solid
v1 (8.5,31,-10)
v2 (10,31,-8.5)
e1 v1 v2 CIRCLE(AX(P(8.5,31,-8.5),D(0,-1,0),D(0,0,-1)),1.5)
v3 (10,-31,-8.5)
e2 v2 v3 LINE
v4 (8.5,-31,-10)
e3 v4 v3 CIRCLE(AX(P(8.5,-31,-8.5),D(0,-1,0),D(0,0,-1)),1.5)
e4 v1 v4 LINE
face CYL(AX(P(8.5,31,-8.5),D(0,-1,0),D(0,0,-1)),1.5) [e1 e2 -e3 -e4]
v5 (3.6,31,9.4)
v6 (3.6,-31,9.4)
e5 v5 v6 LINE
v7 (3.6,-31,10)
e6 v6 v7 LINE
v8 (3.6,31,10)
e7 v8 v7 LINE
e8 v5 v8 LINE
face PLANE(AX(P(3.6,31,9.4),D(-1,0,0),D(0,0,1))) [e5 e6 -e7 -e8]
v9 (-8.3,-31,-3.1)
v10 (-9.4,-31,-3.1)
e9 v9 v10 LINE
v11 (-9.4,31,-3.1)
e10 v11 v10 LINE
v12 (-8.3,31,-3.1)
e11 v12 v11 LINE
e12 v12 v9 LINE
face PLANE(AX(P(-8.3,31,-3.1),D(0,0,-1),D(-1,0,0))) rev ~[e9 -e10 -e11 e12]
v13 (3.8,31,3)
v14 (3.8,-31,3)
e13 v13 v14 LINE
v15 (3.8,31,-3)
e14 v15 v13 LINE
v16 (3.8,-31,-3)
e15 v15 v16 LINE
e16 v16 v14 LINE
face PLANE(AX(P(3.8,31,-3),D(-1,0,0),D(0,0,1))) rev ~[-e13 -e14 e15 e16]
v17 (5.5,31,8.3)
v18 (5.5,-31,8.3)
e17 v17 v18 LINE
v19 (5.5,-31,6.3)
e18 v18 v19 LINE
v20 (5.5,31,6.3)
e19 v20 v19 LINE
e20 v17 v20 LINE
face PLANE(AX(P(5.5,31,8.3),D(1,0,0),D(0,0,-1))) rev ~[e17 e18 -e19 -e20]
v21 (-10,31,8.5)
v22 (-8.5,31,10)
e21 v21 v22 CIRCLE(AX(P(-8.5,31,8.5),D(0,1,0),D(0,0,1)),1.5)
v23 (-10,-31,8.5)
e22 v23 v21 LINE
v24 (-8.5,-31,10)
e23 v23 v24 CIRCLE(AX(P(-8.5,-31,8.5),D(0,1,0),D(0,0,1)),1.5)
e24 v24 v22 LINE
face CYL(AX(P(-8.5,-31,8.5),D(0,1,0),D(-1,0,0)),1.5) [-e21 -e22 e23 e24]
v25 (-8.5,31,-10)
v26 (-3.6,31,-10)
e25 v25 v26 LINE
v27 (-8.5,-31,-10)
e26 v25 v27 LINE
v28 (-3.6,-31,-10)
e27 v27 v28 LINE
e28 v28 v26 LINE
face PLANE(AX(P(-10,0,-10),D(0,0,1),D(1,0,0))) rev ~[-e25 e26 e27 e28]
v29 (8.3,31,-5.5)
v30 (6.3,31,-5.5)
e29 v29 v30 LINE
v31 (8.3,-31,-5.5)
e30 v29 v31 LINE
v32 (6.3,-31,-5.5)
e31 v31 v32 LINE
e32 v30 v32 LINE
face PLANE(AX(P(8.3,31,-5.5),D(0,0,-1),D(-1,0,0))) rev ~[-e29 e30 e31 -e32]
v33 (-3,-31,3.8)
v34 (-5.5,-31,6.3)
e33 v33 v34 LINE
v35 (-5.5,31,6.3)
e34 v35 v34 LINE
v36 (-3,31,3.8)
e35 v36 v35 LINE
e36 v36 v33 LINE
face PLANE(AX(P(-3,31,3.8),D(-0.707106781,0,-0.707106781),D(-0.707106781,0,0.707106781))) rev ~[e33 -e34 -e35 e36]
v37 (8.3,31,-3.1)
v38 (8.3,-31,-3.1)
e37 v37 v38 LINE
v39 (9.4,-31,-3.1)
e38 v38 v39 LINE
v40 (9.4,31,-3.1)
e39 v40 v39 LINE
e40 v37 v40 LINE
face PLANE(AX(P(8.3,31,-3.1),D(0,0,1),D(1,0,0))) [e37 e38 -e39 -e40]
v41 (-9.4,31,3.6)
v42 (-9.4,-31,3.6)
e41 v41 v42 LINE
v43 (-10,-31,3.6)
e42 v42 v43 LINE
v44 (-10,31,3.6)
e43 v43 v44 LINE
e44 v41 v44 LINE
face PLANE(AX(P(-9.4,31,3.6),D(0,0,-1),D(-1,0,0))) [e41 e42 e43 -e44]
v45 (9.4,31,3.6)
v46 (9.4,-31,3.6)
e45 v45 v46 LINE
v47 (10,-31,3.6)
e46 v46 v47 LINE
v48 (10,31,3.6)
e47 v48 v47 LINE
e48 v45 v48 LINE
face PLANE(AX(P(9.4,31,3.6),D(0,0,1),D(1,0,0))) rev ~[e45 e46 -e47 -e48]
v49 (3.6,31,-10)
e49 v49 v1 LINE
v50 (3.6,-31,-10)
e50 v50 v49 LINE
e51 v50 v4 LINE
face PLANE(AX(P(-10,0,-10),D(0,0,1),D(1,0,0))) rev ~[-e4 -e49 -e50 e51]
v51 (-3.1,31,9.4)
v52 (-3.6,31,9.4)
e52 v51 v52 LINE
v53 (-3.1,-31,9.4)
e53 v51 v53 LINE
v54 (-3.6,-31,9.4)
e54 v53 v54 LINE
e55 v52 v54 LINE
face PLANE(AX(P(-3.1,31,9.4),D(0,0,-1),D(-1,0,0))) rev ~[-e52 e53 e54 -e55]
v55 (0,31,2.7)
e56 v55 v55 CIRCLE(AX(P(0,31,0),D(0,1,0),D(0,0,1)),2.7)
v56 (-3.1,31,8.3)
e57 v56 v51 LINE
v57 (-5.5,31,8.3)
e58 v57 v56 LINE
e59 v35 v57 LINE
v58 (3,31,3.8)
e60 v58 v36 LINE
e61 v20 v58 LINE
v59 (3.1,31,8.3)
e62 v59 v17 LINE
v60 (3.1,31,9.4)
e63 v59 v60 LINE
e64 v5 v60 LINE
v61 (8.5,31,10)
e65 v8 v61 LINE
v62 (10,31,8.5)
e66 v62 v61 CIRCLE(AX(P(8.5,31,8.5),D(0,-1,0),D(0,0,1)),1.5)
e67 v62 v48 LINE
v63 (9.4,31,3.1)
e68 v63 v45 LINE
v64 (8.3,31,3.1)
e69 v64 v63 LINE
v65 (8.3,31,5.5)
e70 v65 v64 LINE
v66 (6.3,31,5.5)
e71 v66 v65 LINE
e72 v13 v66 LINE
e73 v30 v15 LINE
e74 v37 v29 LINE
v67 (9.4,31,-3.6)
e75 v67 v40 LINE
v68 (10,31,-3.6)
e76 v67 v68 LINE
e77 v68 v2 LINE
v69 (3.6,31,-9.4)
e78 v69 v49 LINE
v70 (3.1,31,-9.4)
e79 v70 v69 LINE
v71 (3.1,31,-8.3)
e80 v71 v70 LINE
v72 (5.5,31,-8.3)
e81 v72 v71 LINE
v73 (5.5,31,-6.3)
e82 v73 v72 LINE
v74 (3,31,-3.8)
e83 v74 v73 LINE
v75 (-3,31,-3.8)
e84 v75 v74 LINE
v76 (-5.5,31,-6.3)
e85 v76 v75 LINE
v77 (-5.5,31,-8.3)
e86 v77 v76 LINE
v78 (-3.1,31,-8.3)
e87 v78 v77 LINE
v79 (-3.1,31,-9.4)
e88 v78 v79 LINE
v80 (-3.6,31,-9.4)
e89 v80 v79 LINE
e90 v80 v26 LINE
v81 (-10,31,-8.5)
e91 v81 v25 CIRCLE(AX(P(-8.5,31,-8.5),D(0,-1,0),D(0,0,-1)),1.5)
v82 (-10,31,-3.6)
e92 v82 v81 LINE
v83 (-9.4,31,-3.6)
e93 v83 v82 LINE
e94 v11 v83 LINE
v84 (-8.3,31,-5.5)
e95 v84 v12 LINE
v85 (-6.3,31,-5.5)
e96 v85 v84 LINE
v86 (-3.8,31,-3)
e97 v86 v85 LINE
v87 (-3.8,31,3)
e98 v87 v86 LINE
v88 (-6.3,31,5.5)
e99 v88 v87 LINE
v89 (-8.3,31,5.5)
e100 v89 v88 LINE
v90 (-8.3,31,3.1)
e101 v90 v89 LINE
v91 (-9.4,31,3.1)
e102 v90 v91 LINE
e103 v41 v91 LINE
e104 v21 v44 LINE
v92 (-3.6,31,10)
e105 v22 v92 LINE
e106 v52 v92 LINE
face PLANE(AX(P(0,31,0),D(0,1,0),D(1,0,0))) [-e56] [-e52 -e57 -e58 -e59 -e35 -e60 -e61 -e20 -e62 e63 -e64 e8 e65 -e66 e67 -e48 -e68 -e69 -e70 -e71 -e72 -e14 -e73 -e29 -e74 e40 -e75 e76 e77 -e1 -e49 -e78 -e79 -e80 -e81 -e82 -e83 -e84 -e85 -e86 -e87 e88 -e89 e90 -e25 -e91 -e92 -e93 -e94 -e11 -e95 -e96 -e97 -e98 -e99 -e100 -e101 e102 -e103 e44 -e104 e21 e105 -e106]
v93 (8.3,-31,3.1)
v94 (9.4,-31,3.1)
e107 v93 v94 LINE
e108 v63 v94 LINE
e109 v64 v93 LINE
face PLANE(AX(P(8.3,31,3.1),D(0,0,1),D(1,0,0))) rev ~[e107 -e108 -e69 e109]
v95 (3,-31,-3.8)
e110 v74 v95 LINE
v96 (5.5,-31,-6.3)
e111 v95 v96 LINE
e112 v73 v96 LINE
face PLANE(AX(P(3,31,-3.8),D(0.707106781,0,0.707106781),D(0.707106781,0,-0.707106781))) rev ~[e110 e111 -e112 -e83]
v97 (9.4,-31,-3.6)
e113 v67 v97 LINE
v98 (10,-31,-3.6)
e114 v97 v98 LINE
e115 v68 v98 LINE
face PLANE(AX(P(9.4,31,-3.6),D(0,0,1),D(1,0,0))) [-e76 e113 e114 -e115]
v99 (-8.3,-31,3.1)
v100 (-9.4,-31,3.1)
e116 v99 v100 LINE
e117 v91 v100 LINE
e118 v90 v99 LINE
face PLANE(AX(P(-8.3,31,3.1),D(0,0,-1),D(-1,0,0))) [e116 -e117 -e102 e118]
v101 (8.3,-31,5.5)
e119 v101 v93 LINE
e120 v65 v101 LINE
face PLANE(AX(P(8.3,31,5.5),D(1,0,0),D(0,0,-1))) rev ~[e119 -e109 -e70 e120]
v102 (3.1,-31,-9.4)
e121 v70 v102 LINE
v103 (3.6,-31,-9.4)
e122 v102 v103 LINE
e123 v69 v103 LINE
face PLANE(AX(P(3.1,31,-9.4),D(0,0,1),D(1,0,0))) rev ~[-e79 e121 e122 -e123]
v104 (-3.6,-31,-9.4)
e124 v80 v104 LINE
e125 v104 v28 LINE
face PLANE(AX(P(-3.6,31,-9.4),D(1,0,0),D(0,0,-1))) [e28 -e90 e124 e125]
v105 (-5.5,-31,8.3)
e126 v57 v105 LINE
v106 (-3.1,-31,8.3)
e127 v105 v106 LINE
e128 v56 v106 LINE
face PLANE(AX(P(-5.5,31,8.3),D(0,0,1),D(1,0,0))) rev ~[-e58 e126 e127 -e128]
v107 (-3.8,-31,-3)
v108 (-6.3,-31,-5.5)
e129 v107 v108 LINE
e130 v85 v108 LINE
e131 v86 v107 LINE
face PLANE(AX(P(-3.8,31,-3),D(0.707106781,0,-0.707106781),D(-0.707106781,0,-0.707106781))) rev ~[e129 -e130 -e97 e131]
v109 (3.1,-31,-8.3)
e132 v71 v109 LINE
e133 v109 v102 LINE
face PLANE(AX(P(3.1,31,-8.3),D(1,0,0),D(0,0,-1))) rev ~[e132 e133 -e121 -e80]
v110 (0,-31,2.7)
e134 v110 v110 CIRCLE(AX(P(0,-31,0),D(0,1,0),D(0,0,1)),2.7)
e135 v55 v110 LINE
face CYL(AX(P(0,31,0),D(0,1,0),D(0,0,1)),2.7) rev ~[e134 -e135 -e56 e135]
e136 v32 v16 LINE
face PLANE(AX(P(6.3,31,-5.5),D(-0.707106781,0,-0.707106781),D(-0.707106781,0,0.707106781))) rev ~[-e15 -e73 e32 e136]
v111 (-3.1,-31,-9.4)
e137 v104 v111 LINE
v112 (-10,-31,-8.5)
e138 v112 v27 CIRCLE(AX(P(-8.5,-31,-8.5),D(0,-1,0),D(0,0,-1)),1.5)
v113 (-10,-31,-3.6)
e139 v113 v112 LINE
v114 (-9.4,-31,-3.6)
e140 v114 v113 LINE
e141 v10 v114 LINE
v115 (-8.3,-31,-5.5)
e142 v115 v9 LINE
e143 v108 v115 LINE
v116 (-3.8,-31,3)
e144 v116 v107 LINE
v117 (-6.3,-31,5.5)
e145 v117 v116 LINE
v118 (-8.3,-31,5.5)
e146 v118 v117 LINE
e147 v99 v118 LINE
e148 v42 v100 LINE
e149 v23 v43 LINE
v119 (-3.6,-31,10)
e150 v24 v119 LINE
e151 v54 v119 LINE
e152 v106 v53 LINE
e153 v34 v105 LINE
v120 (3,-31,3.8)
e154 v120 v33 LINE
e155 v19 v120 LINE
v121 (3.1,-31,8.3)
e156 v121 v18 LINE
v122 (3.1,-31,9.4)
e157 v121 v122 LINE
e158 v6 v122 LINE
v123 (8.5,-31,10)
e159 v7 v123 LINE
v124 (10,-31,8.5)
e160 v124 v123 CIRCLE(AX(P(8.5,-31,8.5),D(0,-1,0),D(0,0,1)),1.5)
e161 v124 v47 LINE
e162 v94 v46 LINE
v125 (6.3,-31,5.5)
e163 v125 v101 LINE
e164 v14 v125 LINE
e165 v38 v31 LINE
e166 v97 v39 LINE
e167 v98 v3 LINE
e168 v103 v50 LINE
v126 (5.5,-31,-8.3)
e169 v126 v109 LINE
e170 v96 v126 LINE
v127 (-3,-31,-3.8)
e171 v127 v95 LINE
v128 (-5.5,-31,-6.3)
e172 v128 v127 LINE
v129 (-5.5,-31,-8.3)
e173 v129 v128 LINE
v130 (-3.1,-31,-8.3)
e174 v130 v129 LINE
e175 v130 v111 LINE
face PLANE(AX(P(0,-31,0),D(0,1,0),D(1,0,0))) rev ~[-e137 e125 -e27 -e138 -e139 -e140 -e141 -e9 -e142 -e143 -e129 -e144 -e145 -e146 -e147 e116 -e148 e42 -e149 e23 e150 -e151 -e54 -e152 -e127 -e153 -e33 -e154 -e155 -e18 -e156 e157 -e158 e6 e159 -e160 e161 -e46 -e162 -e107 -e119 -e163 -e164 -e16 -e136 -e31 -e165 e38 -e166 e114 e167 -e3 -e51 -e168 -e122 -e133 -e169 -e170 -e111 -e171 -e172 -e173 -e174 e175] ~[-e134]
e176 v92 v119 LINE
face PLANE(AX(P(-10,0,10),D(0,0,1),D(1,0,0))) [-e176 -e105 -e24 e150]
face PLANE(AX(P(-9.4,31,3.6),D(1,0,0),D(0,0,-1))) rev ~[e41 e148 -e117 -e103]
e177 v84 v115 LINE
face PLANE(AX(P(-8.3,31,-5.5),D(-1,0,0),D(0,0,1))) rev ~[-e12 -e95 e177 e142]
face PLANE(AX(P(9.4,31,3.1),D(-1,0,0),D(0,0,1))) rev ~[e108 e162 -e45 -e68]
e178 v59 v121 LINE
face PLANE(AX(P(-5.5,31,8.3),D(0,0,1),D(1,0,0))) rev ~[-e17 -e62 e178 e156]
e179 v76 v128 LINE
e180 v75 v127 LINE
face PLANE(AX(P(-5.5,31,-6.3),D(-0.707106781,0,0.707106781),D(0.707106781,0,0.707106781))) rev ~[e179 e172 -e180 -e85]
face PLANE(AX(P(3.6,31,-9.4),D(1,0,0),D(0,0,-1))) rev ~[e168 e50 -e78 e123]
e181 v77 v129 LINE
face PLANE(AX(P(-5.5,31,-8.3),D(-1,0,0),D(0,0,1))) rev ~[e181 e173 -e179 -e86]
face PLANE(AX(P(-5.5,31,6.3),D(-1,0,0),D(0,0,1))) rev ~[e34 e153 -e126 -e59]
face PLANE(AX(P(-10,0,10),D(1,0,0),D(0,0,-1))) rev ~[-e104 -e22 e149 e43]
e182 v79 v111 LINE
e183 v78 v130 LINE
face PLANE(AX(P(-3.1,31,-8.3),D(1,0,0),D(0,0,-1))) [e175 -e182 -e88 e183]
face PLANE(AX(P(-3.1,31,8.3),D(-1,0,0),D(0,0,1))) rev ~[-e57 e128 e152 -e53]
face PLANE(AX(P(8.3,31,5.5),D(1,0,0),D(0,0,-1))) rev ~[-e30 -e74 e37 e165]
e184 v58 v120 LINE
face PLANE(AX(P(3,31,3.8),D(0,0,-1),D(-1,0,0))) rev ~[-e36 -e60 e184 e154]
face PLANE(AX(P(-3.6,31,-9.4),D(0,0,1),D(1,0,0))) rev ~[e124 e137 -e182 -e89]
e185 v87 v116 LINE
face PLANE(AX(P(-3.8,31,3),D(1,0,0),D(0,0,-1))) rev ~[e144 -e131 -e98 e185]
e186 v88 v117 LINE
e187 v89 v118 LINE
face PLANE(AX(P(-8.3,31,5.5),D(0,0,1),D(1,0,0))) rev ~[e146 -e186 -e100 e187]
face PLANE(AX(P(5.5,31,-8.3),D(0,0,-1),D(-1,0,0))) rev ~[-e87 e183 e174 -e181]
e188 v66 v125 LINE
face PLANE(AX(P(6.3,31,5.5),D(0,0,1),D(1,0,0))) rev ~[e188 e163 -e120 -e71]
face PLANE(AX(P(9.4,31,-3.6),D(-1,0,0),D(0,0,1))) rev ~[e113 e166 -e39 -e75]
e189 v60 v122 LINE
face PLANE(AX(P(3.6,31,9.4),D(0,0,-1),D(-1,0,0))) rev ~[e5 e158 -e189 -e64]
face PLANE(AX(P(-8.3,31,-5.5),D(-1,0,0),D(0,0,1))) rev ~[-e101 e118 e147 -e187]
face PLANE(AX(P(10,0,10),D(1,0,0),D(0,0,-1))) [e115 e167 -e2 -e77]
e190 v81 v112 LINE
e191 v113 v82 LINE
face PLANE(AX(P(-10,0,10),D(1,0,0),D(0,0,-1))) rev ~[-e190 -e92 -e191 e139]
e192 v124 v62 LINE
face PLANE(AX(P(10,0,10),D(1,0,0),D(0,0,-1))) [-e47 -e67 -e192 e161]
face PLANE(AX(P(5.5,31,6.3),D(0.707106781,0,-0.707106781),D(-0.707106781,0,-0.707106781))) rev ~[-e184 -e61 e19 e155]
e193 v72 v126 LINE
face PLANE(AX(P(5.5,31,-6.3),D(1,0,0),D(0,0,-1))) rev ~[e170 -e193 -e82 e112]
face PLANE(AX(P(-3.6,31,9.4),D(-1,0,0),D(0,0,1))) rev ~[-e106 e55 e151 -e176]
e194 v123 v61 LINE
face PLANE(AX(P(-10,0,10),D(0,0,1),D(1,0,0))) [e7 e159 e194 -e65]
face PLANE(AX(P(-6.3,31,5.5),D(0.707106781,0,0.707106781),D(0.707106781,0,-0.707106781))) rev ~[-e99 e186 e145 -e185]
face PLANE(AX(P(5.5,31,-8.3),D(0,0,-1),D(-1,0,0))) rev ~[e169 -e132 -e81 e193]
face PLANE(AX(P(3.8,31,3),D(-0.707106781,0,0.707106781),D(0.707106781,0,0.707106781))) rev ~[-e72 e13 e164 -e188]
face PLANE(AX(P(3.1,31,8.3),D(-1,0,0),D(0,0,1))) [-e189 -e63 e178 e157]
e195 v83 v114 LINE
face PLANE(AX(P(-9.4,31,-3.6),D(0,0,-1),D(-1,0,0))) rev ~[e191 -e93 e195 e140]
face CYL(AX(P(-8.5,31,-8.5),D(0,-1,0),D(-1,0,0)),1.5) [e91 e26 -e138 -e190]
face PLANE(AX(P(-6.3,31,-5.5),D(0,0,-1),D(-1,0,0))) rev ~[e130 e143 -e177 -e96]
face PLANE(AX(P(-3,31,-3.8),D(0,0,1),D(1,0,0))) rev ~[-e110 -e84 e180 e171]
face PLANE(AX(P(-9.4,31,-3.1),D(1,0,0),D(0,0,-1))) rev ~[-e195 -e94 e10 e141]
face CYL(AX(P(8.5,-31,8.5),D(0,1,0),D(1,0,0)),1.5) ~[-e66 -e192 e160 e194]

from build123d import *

# Parameters (mm, degrees)
SKETCH_1_W               = 20
SKETCH_1_H               = 20
EXTRUDE_1_DEPTH          = 31
SKETCH_4_R               = 2.7
CUT_EXTRUDE_3_DEPTH      = 9999
SKETCH_2_W               = 7.2
SKETCH_2_H               = 1.2
SKETCH_2_W_2             = 6.2
SKETCH_2_H_2             = 3.4
CUT_EXTRUDE_1_DEPTH      = 9999
CUT_EXTRUDE_2_DEPTH      = 9999
PATTERN_CIRCULAR_5_COUNT = 4
FILLET_1_R               = 1.5


with BuildPart() as part:
    # 草图1 → 凸台-拉伸1 (new, symmetric)
    with BuildSketch(Plane(origin=(0, 0, 0), x_dir=(1, 0, 0), z_dir=(0, 1, 0))):
        Rectangle(SKETCH_1_W, SKETCH_1_H)
    extrude(amount=EXTRUDE_1_DEPTH, both=True)

    # 草图4 → 切除-拉伸3 (cut)
    with BuildSketch(Plane(origin=(0, 31, 0), x_dir=(1, 0, 0), z_dir=(0, 1, 0))):
        with Locations(Location((0, 0, 0), (0, 0, 270))):
            Circle(SKETCH_4_R)
    extrude(amount=-CUT_EXTRUDE_3_DEPTH, mode=Mode.SUBTRACT)

    # 草图2 → 切除-拉伸1 (cut)
    with BuildSketch(Plane(origin=(0, 31, 0), x_dir=(1, 0, 0), z_dir=(0, 1, 0))):
        with Locations((0, 10)):
            Rectangle(SKETCH_2_W, SKETCH_2_H)
        with Locations((0, 10)):
            Rectangle(SKETCH_2_W_2, SKETCH_2_H_2)
    cut_extrude_1 = extrude(amount=-CUT_EXTRUDE_1_DEPTH, mode=Mode.SUBTRACT)

    # 草图3 → 切除-拉伸2 (cut)
    with BuildSketch(Plane(origin=(0, 31, 0), x_dir=(1, 0, 0), z_dir=(0, 1, 0))):
        Polygon((5.5, 8.3), (-5.5, 8.3), (-5.5, 6.3), (-3, 3.8), (3, 3.8), (5.5, 6.3), align=None)
    cut_extrude_2 = extrude(amount=-CUT_EXTRUDE_2_DEPTH, mode=Mode.SUBTRACT)

    # 阵列(圆周)5: 切除-拉伸1, 切除-拉伸2 ×4 about axis
    pattern_circular_5_axis = Axis((0, 0, 0), (0, 1, 0))
    add([cut_extrude_1.rotate(pattern_circular_5_axis, i * 360 / PATTERN_CIRCULAR_5_COUNT) for i in range(1, PATTERN_CIRCULAR_5_COUNT)], mode=Mode.SUBTRACT)
    add([cut_extrude_2.rotate(pattern_circular_5_axis, i * 360 / PATTERN_CIRCULAR_5_COUNT) for i in range(1, PATTERN_CIRCULAR_5_COUNT)], mode=Mode.SUBTRACT)

    # 圆角1
    fillet_1_edges = [part.edges().sort_by_distance(p)[0] for p in [
        (10, 0, 10),
        (-10, 0, 10),
        (-10, 0, -10),
        (10, 0, -10),
    ]]
    fillet(fillet_1_edges, radius=FILLET_1_R)


solid = part.part
